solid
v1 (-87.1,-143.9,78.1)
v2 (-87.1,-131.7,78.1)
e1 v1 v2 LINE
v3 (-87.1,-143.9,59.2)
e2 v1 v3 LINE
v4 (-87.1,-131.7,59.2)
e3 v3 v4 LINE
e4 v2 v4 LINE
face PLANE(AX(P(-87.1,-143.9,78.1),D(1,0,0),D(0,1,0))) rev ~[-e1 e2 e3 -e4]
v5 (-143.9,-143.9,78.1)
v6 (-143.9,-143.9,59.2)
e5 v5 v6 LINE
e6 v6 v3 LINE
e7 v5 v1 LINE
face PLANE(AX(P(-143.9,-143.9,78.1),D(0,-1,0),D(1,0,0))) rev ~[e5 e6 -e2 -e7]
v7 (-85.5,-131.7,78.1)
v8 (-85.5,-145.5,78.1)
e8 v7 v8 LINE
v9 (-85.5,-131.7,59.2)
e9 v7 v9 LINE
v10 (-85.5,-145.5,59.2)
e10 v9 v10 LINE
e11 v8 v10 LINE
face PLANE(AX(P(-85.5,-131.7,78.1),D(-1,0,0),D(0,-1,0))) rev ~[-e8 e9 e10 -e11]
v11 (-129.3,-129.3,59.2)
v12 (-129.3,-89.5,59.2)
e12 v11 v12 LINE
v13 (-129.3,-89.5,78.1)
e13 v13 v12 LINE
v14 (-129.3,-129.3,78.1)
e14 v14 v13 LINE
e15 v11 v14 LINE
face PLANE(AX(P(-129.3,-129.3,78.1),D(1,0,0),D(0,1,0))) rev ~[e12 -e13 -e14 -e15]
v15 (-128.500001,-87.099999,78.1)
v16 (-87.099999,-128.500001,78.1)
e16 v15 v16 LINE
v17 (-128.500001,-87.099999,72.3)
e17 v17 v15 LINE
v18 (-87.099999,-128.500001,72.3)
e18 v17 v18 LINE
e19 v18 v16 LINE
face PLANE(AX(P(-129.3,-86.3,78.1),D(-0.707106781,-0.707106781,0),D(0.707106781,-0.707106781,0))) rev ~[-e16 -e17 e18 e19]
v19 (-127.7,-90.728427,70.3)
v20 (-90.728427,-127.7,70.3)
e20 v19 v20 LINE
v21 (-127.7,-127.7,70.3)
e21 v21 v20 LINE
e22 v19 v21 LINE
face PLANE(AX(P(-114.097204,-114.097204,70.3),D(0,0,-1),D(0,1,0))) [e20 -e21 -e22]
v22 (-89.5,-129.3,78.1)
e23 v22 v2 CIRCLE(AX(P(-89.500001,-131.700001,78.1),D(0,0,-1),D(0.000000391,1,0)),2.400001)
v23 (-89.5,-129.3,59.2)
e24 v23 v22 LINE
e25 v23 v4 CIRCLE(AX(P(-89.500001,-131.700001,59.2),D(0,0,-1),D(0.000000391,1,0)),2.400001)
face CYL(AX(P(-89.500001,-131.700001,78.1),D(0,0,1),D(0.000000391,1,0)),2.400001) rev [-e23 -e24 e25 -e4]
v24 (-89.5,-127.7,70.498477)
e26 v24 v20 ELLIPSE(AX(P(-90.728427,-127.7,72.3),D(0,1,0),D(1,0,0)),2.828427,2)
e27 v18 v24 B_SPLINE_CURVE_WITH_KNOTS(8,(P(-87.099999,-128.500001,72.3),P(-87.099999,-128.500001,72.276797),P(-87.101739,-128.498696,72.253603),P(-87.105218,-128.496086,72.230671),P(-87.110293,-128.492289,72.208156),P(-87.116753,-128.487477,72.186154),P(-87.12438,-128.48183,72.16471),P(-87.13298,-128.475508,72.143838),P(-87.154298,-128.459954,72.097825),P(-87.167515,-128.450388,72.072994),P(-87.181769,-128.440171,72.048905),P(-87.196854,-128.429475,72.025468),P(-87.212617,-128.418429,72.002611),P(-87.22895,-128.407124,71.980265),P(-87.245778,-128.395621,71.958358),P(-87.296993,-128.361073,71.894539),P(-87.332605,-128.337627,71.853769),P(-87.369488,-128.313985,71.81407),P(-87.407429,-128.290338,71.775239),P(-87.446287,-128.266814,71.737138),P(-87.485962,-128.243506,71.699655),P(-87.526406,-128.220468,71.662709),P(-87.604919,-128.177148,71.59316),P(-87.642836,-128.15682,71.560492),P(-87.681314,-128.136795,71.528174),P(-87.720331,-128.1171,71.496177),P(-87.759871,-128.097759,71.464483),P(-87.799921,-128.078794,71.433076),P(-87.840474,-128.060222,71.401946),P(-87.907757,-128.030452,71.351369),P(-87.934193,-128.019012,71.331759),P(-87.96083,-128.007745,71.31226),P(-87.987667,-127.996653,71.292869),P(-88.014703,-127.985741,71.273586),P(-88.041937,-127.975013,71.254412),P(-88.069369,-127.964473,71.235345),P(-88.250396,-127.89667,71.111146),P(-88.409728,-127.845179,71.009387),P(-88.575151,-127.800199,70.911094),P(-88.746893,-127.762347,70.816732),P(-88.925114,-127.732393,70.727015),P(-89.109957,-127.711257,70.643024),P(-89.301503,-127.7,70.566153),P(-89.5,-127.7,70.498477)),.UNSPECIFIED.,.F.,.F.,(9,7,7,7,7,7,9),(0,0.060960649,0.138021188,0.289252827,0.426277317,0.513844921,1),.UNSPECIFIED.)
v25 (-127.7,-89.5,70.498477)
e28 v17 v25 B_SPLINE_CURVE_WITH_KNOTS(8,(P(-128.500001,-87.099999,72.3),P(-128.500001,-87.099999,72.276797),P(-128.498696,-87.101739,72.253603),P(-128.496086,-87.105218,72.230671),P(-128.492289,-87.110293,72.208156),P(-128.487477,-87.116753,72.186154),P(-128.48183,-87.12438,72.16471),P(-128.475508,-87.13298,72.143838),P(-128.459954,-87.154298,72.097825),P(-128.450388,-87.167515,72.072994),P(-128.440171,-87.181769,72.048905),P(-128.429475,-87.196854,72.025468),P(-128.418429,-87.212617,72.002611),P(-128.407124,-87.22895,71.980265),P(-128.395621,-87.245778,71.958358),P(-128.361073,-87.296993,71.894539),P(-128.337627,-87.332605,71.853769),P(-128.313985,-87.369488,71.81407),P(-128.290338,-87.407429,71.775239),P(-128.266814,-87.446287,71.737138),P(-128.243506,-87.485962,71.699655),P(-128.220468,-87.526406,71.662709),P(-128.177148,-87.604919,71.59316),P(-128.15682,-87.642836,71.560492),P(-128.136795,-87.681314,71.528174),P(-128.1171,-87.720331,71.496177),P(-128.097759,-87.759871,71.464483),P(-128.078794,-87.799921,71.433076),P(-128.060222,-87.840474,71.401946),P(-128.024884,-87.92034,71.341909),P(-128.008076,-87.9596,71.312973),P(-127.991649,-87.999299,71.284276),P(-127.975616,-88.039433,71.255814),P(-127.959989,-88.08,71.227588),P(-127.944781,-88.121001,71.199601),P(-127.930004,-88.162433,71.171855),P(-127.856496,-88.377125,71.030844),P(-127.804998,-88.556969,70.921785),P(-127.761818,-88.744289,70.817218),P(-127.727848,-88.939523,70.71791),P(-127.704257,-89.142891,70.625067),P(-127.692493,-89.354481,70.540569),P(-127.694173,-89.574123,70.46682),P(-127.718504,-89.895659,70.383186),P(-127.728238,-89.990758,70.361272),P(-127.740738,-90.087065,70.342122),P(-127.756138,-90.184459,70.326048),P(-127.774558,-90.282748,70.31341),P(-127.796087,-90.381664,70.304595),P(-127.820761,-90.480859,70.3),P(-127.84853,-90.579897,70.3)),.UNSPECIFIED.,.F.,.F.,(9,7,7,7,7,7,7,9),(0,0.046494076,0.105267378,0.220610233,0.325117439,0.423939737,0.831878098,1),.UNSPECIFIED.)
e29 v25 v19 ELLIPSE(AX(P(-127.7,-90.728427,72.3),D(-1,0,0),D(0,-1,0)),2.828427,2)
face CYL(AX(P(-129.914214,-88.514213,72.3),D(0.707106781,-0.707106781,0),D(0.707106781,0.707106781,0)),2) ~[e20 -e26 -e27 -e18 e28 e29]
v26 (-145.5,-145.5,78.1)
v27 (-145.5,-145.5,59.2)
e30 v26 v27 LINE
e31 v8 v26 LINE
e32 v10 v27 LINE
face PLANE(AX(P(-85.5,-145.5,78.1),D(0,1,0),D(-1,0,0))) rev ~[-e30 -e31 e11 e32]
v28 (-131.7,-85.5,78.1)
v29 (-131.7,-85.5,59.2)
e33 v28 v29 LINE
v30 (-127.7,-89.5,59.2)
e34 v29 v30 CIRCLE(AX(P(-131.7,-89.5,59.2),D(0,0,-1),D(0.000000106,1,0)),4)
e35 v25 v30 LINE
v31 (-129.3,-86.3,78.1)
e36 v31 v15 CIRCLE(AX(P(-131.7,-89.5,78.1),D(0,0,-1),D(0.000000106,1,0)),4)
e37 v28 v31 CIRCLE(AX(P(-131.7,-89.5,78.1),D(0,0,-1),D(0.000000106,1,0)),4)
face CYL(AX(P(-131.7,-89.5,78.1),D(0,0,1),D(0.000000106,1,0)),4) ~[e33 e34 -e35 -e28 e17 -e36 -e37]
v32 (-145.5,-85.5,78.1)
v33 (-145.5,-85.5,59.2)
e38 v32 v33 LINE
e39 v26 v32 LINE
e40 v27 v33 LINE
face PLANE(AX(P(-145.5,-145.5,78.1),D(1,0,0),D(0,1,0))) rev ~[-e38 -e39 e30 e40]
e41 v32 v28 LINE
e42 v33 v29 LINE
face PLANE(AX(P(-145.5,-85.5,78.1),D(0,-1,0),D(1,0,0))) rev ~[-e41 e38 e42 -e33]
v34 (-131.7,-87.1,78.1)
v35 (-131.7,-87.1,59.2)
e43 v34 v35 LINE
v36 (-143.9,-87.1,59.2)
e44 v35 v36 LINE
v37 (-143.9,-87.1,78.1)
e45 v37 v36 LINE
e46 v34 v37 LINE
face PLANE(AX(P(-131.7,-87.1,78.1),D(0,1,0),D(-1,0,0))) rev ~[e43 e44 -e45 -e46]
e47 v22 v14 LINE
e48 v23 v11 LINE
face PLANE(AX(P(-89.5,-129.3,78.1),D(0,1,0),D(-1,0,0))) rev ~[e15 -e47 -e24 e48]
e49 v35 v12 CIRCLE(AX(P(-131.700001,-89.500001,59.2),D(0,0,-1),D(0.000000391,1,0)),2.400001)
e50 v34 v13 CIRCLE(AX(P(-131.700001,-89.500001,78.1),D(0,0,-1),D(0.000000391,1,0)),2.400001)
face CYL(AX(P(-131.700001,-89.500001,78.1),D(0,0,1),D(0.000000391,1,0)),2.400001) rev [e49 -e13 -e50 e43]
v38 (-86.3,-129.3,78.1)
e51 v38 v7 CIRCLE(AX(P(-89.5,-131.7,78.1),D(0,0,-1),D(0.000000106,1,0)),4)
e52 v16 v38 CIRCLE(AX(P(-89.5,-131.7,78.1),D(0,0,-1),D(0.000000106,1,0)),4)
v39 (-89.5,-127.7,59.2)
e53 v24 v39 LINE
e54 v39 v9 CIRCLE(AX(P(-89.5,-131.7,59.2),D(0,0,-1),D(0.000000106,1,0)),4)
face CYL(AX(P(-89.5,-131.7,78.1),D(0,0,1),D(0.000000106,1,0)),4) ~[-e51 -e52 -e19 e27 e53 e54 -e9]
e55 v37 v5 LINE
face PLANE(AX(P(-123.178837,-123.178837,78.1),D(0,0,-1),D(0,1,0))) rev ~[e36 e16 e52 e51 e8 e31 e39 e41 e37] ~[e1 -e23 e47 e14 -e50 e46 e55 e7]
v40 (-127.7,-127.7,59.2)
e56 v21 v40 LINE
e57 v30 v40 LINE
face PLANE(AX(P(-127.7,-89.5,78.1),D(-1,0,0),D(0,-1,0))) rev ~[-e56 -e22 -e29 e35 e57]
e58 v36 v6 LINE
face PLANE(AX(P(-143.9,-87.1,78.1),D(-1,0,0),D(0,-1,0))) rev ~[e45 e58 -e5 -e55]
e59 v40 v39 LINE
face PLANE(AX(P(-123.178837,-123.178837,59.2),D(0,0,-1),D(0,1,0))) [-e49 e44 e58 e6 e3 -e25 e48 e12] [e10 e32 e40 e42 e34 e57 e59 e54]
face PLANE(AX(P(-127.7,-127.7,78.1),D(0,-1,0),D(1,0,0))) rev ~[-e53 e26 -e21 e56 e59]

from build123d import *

# Parameters (mm, degrees)
PAD074_DEPTH            = 18.9
PAD078_DEPTH            = 7.8
FILLET020_R             = 2
BODY067_ROLL_ANGLE      = 180
BODY067_PLACEMENT_ANGLE = 90


with BuildPart() as part:
    # Sketch124 → Pad074 (new body)
    with BuildSketch(Plane.XY):
        with BuildLine():
            Line((-30, 30), (-30, -30))
            Line((-30, -30), (30, -30))
            Line((30, -30), (30, -16.2))
            ThreePointArc((30, -16.2), (28.828427, -13.371573), (26, -12.2))
            Line((26, -12.2), (-12.2, -12.2))
            Line((-12.2, -12.2), (-12.2, 26))
            ThreePointArc((-12.2, 26), (-13.371573, 28.828427), (-16.2, 30))
            Line((-16.2, 30), (-30, 30))
        make_face()
        with BuildLine():
            Line((-28.4, 28.4), (-16.2, 28.4))
            ThreePointArc((-13.8, 26), (-14.502944, 27.697056), (-16.2, 28.4))
            Line((-13.8, 26), (-13.8, -13.8))
            Line((-13.8, -13.8), (26, -13.8))
            ThreePointArc((28.4, -16.2), (27.697056, -14.502944), (26, -13.8))
            Line((28.4, -16.2), (28.4, -28.4))
            Line((28.4, -28.4), (-28.4, -28.4))
            Line((-28.4, -28.4), (-28.4, 28.4))
        make_face(mode=Mode.SUBTRACT)
    extrude(amount=PAD074_DEPTH)

    # Sketch128 → Pad078 (join)
    with BuildSketch(Plane.XY):
        Polygon((-13.8, 29.2), (-13.8, -13.8), (29.2, -13.8), align=None)
    extrude(amount=PAD078_DEPTH)

    # Fillet020
    fillet020_edges = [part.edges().sort_by_distance(p)[0] for p in [
        (7.7, 7.7, 7.8),
    ]]
    fillet(fillet020_edges, radius=FILLET020_R)


with BuildPart() as part_1:
    # Body067 roll: moved
    add(part.part.rotate(Axis((0, 0, 0), (1, 0, 0)), BODY067_ROLL_ANGLE))


with BuildPart() as part_2:
    # Body067 placement: moved
    add(part_1.part.moved(Location((-115.5, -115.5, 78.1))).rotate(Axis((-115.5, -115.5, 78.1), (0, 0, 1)), BODY067_PLACEMENT_ANGLE))


solid = part_2.part
